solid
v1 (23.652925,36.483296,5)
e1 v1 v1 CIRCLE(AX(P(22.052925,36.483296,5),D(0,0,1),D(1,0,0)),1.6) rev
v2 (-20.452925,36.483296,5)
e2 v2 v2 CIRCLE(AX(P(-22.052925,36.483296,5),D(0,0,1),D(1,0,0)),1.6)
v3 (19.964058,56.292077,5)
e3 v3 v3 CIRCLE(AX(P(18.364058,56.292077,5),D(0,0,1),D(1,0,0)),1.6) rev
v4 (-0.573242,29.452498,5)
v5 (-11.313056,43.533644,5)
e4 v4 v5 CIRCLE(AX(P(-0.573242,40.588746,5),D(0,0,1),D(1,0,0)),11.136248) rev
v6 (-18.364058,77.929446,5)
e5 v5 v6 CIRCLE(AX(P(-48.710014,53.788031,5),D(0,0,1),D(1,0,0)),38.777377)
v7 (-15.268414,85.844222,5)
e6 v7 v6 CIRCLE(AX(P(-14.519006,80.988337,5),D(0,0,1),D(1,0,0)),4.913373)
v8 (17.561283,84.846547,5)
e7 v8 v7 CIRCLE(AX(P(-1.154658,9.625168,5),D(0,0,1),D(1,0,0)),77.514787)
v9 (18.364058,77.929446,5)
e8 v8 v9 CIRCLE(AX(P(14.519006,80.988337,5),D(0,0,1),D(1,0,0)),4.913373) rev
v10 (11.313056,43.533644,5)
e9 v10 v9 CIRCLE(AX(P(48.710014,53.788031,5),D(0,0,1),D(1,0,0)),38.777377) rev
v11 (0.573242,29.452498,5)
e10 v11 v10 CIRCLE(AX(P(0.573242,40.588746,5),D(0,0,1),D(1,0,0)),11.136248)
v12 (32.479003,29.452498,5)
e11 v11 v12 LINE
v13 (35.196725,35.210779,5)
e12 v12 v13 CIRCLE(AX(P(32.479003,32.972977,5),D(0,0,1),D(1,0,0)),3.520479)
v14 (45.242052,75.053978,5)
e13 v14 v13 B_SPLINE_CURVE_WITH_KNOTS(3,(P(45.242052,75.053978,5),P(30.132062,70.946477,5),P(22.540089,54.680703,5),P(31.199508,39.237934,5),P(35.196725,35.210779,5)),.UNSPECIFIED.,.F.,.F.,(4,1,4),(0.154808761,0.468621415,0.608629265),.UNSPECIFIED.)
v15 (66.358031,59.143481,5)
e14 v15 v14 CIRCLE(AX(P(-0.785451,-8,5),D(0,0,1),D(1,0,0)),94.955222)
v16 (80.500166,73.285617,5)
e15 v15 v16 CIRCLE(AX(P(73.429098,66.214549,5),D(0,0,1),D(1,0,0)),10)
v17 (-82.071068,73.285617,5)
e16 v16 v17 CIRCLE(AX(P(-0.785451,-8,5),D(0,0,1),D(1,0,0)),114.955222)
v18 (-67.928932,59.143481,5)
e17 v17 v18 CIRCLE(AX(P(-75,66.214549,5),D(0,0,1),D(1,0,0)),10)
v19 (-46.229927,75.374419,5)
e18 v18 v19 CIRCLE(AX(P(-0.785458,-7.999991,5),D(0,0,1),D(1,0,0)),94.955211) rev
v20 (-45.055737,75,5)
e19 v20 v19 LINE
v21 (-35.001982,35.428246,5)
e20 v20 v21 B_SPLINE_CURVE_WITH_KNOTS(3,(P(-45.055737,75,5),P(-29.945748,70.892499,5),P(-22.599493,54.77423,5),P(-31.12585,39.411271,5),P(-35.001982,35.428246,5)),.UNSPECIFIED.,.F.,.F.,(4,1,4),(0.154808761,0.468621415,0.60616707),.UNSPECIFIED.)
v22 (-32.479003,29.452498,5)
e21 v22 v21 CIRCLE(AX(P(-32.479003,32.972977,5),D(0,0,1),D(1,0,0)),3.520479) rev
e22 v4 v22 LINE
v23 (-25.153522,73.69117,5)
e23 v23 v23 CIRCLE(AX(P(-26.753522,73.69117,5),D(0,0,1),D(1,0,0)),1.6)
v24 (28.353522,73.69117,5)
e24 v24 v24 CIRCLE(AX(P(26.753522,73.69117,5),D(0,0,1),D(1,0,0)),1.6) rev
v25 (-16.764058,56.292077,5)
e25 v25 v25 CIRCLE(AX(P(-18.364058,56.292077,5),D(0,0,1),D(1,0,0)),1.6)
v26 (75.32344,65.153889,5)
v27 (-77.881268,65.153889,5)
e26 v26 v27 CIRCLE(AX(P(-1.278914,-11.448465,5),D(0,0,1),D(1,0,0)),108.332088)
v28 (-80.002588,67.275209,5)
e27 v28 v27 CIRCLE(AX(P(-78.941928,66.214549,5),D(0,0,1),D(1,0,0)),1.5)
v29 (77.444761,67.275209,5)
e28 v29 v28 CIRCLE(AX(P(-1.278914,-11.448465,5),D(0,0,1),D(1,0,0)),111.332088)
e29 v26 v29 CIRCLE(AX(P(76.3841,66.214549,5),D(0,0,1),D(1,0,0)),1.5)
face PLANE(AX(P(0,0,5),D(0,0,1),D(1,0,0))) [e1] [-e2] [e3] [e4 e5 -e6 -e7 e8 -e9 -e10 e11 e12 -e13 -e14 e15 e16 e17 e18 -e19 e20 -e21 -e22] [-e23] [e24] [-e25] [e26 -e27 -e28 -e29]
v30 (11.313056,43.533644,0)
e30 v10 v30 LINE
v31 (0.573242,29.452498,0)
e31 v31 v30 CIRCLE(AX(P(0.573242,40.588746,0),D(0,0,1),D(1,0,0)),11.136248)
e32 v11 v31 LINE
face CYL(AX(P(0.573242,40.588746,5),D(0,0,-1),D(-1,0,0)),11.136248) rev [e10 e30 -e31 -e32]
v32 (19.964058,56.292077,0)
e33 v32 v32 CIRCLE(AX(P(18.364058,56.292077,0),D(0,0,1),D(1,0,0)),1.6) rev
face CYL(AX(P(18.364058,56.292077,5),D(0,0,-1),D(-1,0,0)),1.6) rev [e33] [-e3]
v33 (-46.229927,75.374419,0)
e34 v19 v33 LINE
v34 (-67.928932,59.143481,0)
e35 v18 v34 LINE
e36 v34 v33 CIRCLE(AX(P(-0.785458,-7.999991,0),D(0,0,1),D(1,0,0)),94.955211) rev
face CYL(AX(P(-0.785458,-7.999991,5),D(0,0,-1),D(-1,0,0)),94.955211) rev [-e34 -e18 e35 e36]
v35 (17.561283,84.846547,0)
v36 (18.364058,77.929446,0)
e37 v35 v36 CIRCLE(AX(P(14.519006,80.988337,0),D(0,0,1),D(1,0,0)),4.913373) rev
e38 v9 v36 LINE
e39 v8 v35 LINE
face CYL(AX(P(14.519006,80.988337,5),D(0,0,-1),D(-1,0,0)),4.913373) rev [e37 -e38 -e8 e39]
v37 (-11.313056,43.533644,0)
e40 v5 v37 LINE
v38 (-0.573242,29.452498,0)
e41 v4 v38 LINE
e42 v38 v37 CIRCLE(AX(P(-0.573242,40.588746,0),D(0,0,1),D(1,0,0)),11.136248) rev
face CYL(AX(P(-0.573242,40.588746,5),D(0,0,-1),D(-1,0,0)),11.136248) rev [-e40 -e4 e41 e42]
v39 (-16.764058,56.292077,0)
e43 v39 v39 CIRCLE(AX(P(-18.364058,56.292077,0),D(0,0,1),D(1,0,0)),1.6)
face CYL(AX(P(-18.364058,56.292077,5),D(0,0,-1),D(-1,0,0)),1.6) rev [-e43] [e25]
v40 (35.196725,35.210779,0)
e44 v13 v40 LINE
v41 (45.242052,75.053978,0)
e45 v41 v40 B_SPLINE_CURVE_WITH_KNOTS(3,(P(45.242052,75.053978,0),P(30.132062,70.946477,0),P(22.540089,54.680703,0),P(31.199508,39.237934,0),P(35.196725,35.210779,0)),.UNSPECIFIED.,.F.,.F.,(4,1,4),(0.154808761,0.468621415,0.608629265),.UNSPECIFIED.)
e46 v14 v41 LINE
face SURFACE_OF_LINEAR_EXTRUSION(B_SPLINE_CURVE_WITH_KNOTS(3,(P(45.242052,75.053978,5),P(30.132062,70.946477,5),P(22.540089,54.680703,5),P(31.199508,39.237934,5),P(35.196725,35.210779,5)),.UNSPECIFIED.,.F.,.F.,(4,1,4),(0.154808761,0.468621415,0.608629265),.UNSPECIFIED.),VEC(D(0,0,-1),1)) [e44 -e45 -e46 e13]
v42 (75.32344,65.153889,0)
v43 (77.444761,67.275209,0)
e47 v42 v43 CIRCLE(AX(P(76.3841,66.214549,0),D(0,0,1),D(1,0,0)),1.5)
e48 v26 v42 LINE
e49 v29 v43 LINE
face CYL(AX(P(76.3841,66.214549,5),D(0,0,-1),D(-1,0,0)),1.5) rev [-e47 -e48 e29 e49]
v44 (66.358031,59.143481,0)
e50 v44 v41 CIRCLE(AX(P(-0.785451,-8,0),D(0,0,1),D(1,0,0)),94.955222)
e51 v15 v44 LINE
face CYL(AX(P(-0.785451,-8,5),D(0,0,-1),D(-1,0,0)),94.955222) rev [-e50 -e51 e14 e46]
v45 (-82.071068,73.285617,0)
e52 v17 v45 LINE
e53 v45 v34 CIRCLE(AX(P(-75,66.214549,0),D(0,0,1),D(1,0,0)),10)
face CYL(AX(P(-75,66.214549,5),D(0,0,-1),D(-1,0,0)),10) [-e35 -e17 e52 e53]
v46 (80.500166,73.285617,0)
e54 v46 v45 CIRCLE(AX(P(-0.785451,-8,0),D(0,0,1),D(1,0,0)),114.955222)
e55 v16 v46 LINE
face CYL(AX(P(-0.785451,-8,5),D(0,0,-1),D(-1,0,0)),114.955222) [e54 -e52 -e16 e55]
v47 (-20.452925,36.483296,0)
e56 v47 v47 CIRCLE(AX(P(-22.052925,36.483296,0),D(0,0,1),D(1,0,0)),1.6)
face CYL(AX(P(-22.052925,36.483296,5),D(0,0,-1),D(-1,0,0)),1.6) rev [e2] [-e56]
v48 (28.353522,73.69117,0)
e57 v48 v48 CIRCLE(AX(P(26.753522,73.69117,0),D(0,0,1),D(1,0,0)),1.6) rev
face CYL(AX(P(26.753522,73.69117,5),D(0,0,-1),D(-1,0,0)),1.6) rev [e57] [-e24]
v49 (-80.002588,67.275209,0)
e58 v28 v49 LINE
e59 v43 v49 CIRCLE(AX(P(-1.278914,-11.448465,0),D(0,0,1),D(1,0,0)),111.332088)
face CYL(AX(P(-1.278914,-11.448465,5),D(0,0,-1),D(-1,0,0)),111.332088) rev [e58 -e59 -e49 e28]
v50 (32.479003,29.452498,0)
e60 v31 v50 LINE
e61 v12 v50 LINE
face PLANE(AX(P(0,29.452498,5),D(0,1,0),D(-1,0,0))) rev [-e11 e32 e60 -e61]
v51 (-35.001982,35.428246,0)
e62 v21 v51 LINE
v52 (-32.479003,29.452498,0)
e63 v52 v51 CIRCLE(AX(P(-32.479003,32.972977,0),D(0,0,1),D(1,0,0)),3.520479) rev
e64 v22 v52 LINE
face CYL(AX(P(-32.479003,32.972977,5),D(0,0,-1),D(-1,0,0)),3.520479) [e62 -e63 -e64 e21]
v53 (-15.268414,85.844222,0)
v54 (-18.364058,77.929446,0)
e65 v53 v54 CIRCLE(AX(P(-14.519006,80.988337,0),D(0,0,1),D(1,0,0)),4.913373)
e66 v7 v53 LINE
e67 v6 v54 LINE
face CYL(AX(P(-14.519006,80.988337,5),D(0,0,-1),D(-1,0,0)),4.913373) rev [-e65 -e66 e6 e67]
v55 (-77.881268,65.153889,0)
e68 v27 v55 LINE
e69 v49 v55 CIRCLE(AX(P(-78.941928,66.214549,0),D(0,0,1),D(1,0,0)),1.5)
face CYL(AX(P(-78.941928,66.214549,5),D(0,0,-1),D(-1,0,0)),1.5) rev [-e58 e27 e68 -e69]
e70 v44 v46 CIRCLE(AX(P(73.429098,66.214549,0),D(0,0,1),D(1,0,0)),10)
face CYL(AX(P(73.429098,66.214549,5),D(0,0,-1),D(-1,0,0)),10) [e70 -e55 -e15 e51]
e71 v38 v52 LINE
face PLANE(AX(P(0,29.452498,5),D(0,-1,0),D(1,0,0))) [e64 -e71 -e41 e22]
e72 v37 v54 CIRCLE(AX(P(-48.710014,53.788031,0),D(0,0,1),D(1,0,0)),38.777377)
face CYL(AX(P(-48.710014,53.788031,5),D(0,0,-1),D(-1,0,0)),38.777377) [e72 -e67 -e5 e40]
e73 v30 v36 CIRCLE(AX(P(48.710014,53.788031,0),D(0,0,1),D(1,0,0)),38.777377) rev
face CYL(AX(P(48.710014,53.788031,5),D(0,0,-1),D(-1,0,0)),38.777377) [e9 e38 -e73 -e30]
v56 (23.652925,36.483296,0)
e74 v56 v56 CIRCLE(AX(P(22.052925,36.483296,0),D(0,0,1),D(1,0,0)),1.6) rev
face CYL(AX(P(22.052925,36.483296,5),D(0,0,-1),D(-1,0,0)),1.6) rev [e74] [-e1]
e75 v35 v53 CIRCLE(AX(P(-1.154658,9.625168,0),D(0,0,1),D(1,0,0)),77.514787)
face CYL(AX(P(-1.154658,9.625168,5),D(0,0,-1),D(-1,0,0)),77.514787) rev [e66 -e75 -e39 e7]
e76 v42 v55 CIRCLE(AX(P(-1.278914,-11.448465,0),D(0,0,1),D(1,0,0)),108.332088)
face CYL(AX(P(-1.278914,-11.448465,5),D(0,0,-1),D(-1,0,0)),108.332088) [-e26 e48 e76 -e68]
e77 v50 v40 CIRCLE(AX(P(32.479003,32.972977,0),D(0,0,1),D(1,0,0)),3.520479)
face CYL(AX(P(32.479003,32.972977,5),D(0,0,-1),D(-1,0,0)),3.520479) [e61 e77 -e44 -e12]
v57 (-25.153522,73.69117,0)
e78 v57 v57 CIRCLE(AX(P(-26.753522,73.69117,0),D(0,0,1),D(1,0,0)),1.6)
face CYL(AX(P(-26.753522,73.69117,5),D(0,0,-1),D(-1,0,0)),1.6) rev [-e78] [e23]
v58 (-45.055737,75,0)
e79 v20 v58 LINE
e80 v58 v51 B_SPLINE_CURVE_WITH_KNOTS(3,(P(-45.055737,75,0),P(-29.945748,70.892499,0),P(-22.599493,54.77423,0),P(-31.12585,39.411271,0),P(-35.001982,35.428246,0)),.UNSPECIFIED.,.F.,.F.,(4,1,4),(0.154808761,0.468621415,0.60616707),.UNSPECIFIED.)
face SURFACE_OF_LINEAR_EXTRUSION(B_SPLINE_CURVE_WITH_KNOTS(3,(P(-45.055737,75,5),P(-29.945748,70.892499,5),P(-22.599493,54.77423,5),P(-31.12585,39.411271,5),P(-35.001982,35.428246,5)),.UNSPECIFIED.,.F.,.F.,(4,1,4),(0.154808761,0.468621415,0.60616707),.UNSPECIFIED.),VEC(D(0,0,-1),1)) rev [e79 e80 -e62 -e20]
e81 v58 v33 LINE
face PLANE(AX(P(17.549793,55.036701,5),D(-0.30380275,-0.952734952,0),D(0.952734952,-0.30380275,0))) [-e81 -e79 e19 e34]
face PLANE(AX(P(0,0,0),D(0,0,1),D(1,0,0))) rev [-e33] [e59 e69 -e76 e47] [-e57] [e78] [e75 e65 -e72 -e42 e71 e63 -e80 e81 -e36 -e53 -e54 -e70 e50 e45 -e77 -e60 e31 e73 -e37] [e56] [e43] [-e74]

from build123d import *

# Parameters (mm, degrees)
SKETCH1_R           = 1.6
BOSS_EXTRUDE1_DEPTH = 5


with BuildPart() as part:
    # Sketch1 → Boss-Extrude1 (new body)
    with BuildSketch(Plane.XY):
        with BuildLine():
            Line((-24.374481213, 29.452498133), (-0.573242194, 29.452498133))
            ThreePointArc((-0.573242194, 29.452498133), (-9.427933785, 33.83519482), (-11.31305575, 43.533643593))
            ThreePointArc((-11.31305575, 43.533643593), (-10.722602644, 61.575298771), (-18.364057527, 77.929445758))
            ThreePointArc((-18.364057527, 77.929445758), (-19.094832363, 82.778042962), (-15.26841437, 85.8442217))
            ThreePointArc((-15.26841437, 85.8442217), (1.199883283, 87.104187108), (17.561282991, 84.846546742))
            ThreePointArc((17.561282991, 84.846546742), (19.39962033, 81.554763647), (18.364057527, 77.929445758))
            ThreePointArc((18.364057527, 77.929445758), (10.722602644, 61.575298771), (11.31305575, 43.533643593))
            ThreePointArc((11.31305575, 43.533643593), (9.427933785, 33.83519482), (0.573242194, 29.452498133))
            Line((0.573242194, 29.452498133), (24.374481213, 29.452498133))
            Line((24.374481213, 29.452498133), (32.479003365, 29.452498133))
            ThreePointArc((32.479003365, 29.452498133), (35.662704371, 31.470373288), (35.196724718, 35.210779041))
            add(Edge.make_bspline(
                [(45.242051564, 75.05397765), (30.132062398, 70.946476879), (22.540088549, 54.680703196), (31.199508073, 39.237934138), (35.196724718, 35.210779041)],
                knots=[0.154808761, 0.154808761, 0.154808761, 0.154808761, 0.468621415, 0.608629265, 0.608629265, 0.608629265, 0.608629265], degree=3))
            ThreePointArc((45.242051564, 75.05397765), (56.35651155, 67.837262053), (66.358030541, 59.143481365))
            ThreePointArc((66.358030541, 59.143481365), (80.500166165, 59.143481365), (80.500166165, 73.285616989))
            ThreePointArc((80.500166165, 73.285616989), (-0.785450823, 106.955221971), (-82.071067812, 73.285616989))
            ThreePointArc((-82.071067812, 73.285616989), (-82.071067758, 59.143481311), (-67.928932081, 59.143481472))
            ThreePointArc((-67.928932081, 59.143481472), (-57.661393829, 68.036973299), (-46.22992721, 75.374419011))
            add(Edge.make_bspline(
                [(-45.055737448, 75), (-46.22992721, 75.374419011)],
                knots=[0, 0, 1, 1], degree=1))
            add(Edge.make_bspline(
                [(-45.055737448, 75), (-29.945748281, 70.892499229), (-22.599492553, 54.774229637), (-31.125849983, 39.411271255), (-35.001982205, 35.428245813)],
                knots=[0.154808761, 0.154808761, 0.154808761, 0.154808761, 0.468621415, 0.60616707, 0.60616707, 0.60616707, 0.60616707], degree=3))
            ThreePointArc((-35.001982205, 35.428245813), (-35.72226494, 31.603661743), (-32.479003365, 29.452498133))
            Line((-32.479003365, 29.452498133), (-24.374481213, 29.452498133))
        make_face()
        with Locations((-22.052924911, 36.483296004)):
            Circle(SKETCH1_R, mode=Mode.SUBTRACT)
        with Locations((-18.364057527, 56.292076909)):
            Circle(SKETCH1_R, mode=Mode.SUBTRACT)
        with Locations((22.052924912, 36.483296004)):
            Circle(SKETCH1_R, mode=Mode.SUBTRACT)
        with Locations((18.364057527, 56.292076909)):
            Circle(SKETCH1_R, mode=Mode.SUBTRACT)
        with Locations((-26.753522246, 73.691170186)):
            Circle(SKETCH1_R, mode=Mode.SUBTRACT)
        with BuildLine():
            ThreePointArc((-80.002588236, 67.275209348), (-1.278913793, 99.883622983), (77.44476065, 67.275209348))
            ThreePointArc((77.44476065, 67.275209348), (77.44476065, 65.153889005), (75.323440307, 65.153889005))
            ThreePointArc((75.323440307, 65.153889005), (-1.278913793, 96.883622983), (-77.881267893, 65.153889005))
            ThreePointArc((-77.881267893, 65.153889005), (-80.002588236, 65.153889005), (-80.002588236, 67.275209348))
        make_face(mode=Mode.SUBTRACT)
        with Locations((26.753522246, 73.691170186)):
            Circle(SKETCH1_R, mode=Mode.SUBTRACT)
    extrude(amount=BOSS_EXTRUDE1_DEPTH)


solid = part.part
